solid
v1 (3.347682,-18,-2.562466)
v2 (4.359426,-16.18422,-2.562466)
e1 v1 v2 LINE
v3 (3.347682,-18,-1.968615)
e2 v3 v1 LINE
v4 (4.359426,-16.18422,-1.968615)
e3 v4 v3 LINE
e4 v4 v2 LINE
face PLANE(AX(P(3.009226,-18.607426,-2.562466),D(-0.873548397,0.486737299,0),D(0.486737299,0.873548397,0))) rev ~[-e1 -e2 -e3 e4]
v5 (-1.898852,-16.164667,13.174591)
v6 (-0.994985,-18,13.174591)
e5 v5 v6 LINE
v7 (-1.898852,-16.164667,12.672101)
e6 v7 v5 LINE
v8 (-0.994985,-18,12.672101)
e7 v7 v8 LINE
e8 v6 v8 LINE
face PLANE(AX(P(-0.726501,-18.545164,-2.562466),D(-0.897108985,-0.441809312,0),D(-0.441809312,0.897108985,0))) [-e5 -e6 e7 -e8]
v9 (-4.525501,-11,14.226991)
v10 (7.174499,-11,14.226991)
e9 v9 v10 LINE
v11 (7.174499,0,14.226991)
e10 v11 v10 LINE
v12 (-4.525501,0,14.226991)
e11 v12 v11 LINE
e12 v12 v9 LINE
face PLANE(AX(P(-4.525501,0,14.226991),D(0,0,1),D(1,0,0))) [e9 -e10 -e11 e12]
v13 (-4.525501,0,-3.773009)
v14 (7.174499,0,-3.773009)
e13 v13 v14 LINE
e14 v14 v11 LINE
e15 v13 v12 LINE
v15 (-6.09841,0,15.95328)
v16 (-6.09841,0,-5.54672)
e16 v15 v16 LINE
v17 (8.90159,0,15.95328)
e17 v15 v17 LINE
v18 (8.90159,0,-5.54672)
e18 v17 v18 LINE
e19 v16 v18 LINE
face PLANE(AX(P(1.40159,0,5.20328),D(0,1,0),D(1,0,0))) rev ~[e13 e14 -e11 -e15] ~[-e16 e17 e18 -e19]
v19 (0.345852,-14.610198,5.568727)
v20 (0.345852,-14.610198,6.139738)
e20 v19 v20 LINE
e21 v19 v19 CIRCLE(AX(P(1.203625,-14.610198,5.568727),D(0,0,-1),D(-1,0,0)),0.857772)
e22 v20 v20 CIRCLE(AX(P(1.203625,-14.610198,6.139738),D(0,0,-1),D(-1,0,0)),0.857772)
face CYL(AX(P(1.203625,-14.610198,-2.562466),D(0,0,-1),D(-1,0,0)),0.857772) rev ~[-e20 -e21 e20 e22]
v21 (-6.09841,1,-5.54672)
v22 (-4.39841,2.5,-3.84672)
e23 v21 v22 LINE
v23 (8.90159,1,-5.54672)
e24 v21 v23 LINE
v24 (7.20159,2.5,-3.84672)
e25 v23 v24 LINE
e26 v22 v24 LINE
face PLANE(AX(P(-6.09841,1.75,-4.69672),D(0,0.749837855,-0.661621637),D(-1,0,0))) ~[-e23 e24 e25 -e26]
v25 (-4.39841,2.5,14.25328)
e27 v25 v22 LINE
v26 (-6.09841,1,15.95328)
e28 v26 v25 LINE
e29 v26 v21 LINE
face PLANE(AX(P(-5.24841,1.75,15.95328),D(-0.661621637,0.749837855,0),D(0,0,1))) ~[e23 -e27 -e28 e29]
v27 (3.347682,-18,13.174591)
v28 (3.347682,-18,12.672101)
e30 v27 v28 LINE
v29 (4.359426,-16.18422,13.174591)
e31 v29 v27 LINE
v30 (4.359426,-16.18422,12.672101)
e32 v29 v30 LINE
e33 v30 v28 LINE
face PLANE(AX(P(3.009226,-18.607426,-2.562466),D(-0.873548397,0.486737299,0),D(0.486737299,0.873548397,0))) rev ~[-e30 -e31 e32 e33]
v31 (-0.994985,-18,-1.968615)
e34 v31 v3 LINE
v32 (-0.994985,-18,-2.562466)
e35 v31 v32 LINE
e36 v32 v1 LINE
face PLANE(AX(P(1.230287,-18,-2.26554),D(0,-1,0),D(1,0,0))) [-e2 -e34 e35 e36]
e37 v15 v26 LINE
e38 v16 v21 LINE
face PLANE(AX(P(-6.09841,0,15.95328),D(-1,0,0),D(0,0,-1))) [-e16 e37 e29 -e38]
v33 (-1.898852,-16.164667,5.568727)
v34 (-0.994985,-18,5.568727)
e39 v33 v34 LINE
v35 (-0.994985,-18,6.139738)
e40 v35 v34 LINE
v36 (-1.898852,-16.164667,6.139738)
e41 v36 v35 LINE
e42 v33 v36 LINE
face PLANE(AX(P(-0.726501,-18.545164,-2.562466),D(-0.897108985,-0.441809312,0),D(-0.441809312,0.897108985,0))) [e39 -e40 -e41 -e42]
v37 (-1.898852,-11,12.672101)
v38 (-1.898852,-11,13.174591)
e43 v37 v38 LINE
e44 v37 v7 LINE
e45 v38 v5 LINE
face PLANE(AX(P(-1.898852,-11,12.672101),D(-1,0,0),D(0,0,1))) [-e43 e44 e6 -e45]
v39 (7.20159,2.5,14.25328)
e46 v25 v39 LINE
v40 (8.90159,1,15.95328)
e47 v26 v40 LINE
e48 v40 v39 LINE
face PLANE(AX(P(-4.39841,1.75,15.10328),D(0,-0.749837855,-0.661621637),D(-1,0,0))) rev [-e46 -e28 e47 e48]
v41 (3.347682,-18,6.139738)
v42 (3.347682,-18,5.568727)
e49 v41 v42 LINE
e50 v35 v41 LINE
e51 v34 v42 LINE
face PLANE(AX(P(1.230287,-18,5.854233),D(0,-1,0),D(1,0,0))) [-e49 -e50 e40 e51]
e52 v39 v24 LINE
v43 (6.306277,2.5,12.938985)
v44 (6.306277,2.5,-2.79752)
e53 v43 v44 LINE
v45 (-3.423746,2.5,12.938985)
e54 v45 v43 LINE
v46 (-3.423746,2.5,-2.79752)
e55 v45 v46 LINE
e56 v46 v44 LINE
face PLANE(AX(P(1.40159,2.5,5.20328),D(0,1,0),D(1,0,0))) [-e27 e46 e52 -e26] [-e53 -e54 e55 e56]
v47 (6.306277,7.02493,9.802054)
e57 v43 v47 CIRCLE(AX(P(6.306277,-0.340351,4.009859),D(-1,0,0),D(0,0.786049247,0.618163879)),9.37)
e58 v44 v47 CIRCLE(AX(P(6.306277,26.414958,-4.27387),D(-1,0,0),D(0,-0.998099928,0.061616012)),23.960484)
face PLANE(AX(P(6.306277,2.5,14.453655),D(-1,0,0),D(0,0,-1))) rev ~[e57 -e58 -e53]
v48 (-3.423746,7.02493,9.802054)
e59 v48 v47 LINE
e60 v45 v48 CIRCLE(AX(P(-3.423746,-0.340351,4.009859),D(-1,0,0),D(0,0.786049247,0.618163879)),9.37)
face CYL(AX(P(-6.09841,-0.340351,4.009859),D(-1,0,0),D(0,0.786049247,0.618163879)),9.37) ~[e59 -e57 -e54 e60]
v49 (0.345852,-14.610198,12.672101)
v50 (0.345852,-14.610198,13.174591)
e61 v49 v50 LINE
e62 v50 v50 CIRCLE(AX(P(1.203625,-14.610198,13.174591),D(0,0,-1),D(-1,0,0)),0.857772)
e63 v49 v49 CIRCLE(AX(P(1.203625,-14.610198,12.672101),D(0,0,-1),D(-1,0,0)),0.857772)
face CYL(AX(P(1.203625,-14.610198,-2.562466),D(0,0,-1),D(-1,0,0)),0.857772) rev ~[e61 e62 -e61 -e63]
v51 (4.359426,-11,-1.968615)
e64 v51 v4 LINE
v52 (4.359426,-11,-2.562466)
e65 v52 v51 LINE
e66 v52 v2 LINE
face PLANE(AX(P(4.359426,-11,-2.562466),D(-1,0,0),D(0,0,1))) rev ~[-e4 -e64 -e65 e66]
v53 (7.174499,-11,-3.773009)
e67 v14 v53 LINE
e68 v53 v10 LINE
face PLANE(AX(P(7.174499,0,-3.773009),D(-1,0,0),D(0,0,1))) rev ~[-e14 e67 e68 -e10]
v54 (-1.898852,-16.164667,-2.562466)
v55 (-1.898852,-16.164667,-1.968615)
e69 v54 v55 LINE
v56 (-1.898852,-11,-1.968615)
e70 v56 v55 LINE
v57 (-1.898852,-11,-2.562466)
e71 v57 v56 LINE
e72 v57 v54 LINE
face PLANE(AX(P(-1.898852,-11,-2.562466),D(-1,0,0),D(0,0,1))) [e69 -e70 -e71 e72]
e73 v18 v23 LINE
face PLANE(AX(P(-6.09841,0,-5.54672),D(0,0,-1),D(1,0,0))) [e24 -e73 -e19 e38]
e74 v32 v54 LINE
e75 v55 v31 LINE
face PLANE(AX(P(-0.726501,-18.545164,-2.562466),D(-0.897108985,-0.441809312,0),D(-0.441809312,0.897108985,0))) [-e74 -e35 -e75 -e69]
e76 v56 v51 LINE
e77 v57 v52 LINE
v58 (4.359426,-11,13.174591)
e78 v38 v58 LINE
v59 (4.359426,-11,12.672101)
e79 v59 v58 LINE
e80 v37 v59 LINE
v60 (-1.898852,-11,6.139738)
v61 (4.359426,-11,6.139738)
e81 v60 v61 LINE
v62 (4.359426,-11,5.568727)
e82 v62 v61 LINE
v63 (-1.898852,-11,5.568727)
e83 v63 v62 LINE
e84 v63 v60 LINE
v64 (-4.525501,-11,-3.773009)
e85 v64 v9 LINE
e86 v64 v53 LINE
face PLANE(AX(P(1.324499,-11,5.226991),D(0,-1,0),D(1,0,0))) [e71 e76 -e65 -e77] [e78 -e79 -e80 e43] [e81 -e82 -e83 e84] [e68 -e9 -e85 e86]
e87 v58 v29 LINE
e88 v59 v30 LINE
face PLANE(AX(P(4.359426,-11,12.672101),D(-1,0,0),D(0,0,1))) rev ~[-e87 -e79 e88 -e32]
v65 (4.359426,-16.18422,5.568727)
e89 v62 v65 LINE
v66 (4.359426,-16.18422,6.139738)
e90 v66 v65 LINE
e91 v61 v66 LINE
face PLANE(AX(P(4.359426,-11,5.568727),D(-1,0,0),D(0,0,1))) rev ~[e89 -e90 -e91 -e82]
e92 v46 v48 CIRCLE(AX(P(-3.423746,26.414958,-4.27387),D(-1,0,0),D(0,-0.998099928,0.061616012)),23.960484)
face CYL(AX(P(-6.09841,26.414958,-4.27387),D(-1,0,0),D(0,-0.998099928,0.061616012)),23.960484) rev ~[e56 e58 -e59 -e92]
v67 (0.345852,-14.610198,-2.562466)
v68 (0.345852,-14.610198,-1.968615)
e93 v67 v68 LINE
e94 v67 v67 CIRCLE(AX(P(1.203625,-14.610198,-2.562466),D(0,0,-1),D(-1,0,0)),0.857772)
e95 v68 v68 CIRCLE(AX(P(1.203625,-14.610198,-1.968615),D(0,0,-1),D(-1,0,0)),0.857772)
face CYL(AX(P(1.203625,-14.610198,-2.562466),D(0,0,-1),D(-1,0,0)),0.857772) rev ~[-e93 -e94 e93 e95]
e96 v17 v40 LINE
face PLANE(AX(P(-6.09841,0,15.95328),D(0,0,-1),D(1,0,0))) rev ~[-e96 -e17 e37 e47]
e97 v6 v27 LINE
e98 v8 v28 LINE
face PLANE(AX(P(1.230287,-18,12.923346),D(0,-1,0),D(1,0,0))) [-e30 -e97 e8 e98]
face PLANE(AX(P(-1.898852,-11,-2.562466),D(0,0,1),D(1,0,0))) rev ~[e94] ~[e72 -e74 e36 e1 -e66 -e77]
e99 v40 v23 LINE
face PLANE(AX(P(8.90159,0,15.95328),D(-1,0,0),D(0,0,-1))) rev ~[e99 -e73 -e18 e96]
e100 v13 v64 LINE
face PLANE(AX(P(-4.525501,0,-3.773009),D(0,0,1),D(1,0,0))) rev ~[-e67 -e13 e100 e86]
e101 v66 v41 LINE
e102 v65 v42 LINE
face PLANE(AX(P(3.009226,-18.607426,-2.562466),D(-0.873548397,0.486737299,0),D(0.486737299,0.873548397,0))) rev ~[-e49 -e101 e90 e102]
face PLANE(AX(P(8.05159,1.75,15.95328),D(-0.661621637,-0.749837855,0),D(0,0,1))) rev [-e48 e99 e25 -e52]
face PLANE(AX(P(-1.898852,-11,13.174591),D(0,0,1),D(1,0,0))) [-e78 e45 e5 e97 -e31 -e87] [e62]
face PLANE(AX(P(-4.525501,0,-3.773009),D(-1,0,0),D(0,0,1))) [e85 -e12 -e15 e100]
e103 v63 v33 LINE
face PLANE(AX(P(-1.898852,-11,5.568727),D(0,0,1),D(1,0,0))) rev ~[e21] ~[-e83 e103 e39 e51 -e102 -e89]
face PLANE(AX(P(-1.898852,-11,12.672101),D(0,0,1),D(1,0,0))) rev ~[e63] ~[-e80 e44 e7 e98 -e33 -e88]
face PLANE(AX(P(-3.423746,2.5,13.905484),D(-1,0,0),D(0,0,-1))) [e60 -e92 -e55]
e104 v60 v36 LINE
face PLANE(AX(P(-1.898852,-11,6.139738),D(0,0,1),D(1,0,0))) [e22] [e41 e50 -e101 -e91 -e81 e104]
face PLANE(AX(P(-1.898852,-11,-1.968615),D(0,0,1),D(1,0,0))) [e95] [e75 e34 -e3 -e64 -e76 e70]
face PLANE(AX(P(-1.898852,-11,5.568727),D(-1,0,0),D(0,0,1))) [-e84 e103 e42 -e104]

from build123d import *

# Parameters (mm, degrees)
SKETCH1_W             = 15
SKETCH1_H             = 21.5
BOSS_EXTRUDE1_DEPTH   = 2.5
CHAMFER1_SIZE         = 1.5
CHAMFER1_SIZE2        = 1.7
CHAMFER1_PART_2_SIZE  = 1.5
CHAMFER1_PART_2_SIZE2 = 1.7
CHAMFER1_PART_3_SIZE  = 1.5
CHAMFER1_PART_3_SIZE2 = 1.7
CHAMFER1_PART_4_SIZE  = 1.5
CHAMFER1_PART_4_SIZE2 = 1.7
SKETCH3_W             = 11.7
SKETCH3_H             = 18
BOSS_EXTRUDE2_DEPTH   = 11
SKETCH4_W             = 6.25827791
SKETCH4_H             = 0.502489468
SKETCH4_H_2           = 0.571010759
SKETCH4_H_3           = 0.593851189
BOSS_EXTRUDE3_DEPTH   = 7
SKETCH5_R             = 0.857772401
CUT_EXTRUDE1_DEPTH    = 22
BOSS_EXTRUDE4_DEPTH   = 22
SKETCH8_W             = 6.303958771
SKETCH8_H             = 16.703004391
SKETCH8_W_2           = 12.882002706
SKETCH8_H_2           = 17.251174719
CUT_EXTRUDE2_DEPTH    = 16


with BuildPart() as part:
    # Sketch1 → Boss-Extrude1 (new body)
    with BuildSketch(Plane(origin=(0, 0, 0), x_dir=(1, 0, 0), z_dir=(0, 1, 0))):
        with Locations((1.401590457, -5.203280318)):
            Rectangle(SKETCH1_W, SKETCH1_H)
    extrude(amount=BOSS_EXTRUDE1_DEPTH)

    # Chamfer1
    chamfer1_edges = [part.edges().sort_by_distance(p)[0] for p in [
        (8.901590457, 2.5, 5.203280318),
    ]]
    chamfer1_side = [part.faces().sort_by_distance(p)[0] for p in [
        (8.901590457, 1.25, 5.203280318),
    ]]
    chamfer(chamfer1_edges, length=CHAMFER1_SIZE, length2=CHAMFER1_SIZE2, reference=chamfer1_side[0])

    # Chamfer1 part 2
    chamfer1_part_2_edges = [part.edges().sort_by_distance(p)[0] for p in [
        (1.401590457, 2.5, -5.546719682),
    ]]
    chamfer1_part_2_side = [part.faces().sort_by_distance(p)[0] for p in [
        (1.401590457, 1.25, -5.546719682),
    ]]
    chamfer(chamfer1_part_2_edges, length=CHAMFER1_PART_2_SIZE, length2=CHAMFER1_PART_2_SIZE2, reference=chamfer1_part_2_side[0])

    # Chamfer1 part 3
    chamfer1_part_3_edges = [part.edges().sort_by_distance(p)[0] for p in [
        (-6.098409543, 2.5, 5.203280318),
    ]]
    chamfer1_part_3_side = [part.faces().sort_by_distance(p)[0] for p in [
        (-6.098409543, 1.25, 5.203280318),
    ]]
    chamfer(chamfer1_part_3_edges, length=CHAMFER1_PART_3_SIZE, length2=CHAMFER1_PART_3_SIZE2, reference=chamfer1_part_3_side[0])

    # Chamfer1 part 4
    chamfer1_part_4_edges = [part.edges().sort_by_distance(p)[0] for p in [
        (1.401590457, 2.5, 15.953280318),
    ]]
    chamfer1_part_4_side = [part.faces().sort_by_distance(p)[0] for p in [
        (1.401590457, 1.25, 15.953280318),
    ]]
    chamfer(chamfer1_part_4_edges, length=CHAMFER1_PART_4_SIZE, length2=CHAMFER1_PART_4_SIZE2, reference=chamfer1_part_4_side[0])

    # Sketch3 → Boss-Extrude2 (add)
    with BuildSketch(Plane.XZ):
        with Locations((1.324498787, 5.226991199)):
            Rectangle(SKETCH3_W, SKETCH3_H)
    extrude(amount=BOSS_EXTRUDE2_DEPTH)

    # Sketch4 → Boss-Extrude3 (add)
    with BuildSketch(Plane.XZ.offset(11)):
        with Locations((1.23028723, 12.923345769)):
            Rectangle(SKETCH4_W, SKETCH4_H)
        with Locations((1.23028723, 5.854232582)):
            Rectangle(SKETCH4_W, SKETCH4_H_2)
        with Locations((1.23028723, -2.265540399)):
            Rectangle(SKETCH4_W, SKETCH4_H_3)
    extrude(amount=BOSS_EXTRUDE3_DEPTH)

    # Sketch5 → Cut-Extrude1 (cut)
    with BuildSketch(Plane(origin=(0, 0, -2.562465994), x_dir=(-1, 0, 0), z_dir=(0, 0, -1))):
        with Locations((-1.203624554, -14.610197603)):
            Circle(SKETCH5_R)
        Polygon((-3.009226286, -18.607426263), (-4.889542572, -15.232818889), (-5.175948364, -18.482902006), align=None)
        Polygon((0.726501434, -18.545164135), (2.357769206, -15.232818889), (2.818508958, -18.545164135), align=None)
    extrude(amount=-CUT_EXTRUDE1_DEPTH, mode=Mode.SUBTRACT)

    # Sketch7 → Boss-Extrude4 (add)
    with BuildSketch(Plane.ZY.offset(6.098409543)):
        with BuildLine():
            Line((12.938985356, 2.5), (-2.797520118, 2.5))
            ThreePointArc((-2.797520118, 2.5), (3.824713578, 3.86461935), (9.802054281, 7.02492997))
            ThreePointArc((9.802054281, 7.02492997), (11.710383364, 4.998077143), (12.938985356, 2.5))
        make_face()
    extrude(amount=-BOSS_EXTRUDE4_DEPTH)

    # Sketch8 → Cut-Extrude2 (cut)
    with BuildSketch(Plane(origin=(0, 2.5, 0), x_dir=(1, 0, 0), z_dir=(0, 1, 0))):
        with Locations((-6.575725783, -5.553982078)):
            Rectangle(SKETCH8_W, SKETCH8_H)
        with Locations((12.747278275, -5.828067242)):
            Rectangle(SKETCH8_W_2, SKETCH8_H_2)
    extrude(amount=CUT_EXTRUDE2_DEPTH, mode=Mode.SUBTRACT)


solid = part.part
